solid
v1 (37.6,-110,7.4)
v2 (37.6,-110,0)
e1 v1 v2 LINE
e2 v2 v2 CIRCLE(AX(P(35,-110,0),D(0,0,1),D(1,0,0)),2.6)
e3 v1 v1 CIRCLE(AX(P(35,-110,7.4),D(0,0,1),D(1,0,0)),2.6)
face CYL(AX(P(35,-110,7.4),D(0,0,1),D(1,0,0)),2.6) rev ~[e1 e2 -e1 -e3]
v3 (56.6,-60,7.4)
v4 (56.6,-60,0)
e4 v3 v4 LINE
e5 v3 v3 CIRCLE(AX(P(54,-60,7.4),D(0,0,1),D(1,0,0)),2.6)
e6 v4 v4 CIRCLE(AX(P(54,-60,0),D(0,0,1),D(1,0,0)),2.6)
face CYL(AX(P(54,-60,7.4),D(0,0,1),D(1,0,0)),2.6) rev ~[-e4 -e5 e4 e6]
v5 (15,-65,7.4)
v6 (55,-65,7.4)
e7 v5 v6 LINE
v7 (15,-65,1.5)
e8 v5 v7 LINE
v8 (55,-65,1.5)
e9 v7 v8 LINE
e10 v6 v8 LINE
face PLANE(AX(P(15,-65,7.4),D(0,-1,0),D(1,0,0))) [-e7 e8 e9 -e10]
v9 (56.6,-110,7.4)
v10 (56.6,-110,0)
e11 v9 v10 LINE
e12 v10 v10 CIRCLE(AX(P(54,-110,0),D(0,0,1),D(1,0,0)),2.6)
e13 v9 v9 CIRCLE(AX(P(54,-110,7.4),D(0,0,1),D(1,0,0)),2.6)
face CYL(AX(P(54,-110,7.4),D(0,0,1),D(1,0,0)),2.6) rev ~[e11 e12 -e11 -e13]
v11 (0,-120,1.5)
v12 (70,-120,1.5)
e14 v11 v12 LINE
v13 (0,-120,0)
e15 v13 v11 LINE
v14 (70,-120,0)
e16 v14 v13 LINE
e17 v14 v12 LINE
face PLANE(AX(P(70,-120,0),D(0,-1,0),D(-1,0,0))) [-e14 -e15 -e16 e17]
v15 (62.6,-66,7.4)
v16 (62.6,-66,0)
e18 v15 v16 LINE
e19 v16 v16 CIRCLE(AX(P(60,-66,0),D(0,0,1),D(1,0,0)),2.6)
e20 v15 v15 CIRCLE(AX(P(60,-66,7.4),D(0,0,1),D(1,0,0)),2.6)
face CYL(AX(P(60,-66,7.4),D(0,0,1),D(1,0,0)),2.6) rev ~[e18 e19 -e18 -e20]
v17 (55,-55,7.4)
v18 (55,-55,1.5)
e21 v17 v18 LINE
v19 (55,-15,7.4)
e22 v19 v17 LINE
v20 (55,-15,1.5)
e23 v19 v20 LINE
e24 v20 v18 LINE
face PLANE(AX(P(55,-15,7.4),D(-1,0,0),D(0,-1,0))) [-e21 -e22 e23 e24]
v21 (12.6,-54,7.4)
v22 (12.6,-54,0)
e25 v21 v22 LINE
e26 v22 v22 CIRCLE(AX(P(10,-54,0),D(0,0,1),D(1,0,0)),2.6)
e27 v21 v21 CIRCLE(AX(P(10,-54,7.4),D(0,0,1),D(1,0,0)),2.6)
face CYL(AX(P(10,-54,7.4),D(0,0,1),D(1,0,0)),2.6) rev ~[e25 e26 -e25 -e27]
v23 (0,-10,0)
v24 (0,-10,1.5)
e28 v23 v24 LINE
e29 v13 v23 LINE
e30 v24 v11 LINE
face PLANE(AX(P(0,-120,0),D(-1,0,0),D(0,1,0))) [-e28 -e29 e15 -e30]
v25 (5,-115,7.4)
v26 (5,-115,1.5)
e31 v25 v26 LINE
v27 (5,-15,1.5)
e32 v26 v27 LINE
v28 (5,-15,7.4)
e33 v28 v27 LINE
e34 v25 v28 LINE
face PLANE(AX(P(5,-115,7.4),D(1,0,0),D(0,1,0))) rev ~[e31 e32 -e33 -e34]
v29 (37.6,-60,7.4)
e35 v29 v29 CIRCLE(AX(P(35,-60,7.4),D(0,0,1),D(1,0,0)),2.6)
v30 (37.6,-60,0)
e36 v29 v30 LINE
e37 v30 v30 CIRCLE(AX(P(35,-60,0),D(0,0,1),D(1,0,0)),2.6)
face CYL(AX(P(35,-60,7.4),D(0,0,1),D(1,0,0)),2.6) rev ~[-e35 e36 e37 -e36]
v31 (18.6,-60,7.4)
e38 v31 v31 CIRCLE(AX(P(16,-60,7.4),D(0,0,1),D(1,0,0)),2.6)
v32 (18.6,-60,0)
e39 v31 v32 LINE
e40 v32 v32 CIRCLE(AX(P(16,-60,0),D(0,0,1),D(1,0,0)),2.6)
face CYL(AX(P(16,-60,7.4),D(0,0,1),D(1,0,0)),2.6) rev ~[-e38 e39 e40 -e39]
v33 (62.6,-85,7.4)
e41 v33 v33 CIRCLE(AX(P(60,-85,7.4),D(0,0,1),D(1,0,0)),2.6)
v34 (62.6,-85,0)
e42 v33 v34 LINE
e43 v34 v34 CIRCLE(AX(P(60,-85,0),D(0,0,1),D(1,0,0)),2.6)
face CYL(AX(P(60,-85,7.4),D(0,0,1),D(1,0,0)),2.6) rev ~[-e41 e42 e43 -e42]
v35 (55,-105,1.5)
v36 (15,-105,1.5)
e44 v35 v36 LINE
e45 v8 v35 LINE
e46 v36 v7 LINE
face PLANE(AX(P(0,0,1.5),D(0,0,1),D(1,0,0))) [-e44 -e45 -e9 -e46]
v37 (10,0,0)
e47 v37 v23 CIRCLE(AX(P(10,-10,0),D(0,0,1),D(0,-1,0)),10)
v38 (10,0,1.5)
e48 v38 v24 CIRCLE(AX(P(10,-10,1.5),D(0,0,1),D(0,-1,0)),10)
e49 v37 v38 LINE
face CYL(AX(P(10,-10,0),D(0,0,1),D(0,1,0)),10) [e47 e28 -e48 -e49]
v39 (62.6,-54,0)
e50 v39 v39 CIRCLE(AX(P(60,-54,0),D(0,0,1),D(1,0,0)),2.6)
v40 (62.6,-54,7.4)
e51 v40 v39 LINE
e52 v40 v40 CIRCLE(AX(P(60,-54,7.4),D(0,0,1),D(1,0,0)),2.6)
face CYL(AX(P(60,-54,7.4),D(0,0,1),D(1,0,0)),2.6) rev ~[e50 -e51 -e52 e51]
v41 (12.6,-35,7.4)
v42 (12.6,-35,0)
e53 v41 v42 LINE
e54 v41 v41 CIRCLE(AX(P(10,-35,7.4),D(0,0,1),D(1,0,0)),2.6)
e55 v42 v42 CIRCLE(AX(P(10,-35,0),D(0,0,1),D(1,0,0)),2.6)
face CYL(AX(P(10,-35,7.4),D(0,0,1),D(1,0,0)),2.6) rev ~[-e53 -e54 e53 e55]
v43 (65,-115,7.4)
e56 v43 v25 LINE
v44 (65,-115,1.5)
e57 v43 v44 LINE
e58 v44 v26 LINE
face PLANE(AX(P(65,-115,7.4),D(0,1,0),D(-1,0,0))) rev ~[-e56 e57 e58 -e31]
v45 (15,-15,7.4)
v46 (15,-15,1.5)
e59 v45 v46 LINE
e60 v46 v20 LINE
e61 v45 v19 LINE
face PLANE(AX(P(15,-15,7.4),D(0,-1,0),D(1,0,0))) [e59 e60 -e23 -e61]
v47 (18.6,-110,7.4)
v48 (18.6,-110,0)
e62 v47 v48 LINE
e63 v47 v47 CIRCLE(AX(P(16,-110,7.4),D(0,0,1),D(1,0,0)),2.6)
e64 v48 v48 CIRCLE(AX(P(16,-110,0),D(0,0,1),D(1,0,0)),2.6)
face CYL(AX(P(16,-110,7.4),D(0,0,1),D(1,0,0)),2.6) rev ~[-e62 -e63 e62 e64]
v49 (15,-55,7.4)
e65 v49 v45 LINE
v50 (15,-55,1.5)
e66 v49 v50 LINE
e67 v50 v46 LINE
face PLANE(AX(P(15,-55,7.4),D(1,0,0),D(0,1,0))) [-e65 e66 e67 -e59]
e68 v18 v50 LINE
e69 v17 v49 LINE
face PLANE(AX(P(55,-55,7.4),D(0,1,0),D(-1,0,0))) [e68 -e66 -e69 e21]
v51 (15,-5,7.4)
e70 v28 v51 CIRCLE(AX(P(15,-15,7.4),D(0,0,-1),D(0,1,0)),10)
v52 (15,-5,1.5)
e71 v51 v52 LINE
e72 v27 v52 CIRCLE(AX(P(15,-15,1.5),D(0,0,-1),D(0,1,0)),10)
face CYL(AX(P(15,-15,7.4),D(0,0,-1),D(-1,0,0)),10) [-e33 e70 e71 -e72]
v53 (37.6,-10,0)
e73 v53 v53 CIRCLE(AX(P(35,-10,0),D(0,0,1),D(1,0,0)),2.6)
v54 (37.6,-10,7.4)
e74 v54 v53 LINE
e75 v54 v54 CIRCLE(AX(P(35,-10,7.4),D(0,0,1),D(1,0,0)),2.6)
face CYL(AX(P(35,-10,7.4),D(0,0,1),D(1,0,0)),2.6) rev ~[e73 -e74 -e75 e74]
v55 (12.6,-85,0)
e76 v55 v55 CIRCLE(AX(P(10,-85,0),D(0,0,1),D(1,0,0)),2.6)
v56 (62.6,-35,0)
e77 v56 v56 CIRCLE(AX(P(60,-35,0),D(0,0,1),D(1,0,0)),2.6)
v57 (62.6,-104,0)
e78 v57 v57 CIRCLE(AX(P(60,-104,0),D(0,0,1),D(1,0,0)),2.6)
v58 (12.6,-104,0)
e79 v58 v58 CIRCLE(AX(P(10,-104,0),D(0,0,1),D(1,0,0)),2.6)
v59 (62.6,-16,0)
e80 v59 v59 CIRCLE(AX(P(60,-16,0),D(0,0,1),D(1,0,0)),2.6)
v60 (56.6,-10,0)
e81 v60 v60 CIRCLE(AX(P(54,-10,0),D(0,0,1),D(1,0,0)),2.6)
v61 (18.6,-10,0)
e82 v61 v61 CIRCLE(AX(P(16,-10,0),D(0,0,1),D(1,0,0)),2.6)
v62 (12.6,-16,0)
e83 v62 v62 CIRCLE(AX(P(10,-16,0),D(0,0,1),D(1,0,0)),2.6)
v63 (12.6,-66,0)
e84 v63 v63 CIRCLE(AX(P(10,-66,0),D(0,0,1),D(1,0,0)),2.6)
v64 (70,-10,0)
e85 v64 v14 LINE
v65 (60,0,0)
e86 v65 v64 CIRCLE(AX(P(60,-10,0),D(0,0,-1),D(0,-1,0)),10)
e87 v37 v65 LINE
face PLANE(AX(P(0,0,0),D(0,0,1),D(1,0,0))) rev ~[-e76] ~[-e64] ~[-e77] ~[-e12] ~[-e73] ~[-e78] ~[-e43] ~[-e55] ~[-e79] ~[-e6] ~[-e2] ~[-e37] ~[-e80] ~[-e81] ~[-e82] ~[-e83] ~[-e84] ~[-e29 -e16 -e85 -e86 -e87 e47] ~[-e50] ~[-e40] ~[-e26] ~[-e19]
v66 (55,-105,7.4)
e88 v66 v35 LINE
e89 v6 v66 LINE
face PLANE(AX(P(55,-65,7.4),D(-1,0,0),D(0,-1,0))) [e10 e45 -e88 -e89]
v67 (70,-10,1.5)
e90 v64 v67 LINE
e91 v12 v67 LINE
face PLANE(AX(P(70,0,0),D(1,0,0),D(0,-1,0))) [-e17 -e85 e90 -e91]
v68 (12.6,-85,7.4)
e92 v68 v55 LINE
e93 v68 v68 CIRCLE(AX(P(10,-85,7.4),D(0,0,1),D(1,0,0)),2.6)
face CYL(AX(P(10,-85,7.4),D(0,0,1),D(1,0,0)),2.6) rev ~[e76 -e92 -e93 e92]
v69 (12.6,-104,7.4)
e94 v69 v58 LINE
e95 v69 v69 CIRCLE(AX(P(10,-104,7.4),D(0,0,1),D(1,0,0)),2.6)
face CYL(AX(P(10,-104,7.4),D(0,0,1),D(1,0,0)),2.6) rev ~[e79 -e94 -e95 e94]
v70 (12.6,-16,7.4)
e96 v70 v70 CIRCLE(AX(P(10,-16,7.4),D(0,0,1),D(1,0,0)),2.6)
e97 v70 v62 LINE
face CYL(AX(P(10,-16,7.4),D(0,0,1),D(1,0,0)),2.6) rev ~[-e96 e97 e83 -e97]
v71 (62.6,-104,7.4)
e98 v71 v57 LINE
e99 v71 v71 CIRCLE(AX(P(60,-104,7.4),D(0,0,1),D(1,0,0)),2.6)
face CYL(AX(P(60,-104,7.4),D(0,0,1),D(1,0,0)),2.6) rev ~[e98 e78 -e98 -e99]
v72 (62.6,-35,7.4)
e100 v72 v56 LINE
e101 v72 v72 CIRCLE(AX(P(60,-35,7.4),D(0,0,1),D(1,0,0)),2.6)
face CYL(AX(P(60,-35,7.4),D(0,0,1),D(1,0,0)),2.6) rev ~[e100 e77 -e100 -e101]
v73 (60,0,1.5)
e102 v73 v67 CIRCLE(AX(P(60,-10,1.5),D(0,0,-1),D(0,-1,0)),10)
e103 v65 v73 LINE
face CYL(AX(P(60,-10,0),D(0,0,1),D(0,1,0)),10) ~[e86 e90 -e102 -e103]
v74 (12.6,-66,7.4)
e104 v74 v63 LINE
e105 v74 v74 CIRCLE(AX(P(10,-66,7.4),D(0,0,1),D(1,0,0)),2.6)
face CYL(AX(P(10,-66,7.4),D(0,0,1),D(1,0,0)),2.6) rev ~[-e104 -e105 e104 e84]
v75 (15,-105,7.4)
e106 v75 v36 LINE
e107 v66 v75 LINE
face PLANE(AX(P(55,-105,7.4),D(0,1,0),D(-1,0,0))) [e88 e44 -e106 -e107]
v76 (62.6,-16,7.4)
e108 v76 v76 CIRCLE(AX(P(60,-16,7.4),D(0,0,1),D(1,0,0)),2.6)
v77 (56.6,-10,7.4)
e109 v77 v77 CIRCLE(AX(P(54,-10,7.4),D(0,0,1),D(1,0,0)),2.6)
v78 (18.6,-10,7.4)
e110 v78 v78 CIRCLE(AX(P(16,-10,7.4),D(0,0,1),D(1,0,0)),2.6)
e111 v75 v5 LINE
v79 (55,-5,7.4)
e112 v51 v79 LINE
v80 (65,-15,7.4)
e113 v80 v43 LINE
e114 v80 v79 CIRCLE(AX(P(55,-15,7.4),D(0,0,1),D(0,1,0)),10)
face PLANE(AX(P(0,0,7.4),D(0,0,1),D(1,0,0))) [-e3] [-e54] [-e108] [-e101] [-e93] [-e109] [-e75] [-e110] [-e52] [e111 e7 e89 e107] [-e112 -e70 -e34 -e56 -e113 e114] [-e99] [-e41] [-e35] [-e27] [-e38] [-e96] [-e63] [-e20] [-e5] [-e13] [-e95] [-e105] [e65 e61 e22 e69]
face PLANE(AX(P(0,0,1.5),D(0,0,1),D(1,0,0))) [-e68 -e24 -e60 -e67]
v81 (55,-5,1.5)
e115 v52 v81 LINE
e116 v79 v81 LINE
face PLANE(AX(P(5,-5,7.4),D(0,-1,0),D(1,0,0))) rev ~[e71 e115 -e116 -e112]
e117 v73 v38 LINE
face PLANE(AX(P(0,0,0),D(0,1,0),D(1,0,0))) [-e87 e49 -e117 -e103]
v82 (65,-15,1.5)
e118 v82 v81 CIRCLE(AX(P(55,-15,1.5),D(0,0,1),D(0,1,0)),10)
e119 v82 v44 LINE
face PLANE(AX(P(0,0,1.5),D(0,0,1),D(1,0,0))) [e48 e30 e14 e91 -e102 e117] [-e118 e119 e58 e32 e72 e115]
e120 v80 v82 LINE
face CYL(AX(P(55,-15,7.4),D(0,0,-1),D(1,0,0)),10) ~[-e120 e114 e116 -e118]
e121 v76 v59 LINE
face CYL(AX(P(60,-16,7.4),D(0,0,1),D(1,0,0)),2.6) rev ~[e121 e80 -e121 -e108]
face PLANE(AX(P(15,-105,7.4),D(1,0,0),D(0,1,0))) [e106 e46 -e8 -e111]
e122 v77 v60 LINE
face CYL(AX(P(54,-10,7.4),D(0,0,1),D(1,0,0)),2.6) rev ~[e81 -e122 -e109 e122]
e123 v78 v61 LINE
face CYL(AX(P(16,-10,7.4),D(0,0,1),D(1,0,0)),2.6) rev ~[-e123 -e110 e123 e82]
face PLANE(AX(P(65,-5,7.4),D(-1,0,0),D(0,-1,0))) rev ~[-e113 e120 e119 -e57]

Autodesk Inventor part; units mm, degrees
ref_plane "YZ Plane" through (0, 0, 0) normal (1, 0, 0) x (0, 1, 0)
ref_plane "XZ Plane" through (0, 0, 0) normal (0, 1, 0) x (-1, 0, 0)
ref_plane "XY Plane" through (0, 0, 0) normal (0, 0, 1) x (1, 0, 0)
sketch "Sketch1" plane through (0, 0, 0) normal (0, 0, 1) x (1, 0, 0)
  line L0 (0, 0) -> (70, 0)
  line L1 (70, 0) -> (70, -120)
  line L2 (70, -120) -> (0, -120)
  line L3 (0, -120) -> (0, 0)
  dimension "d0" = 70
  dimension "d1" = 120
extrude "Extrusion1" add sketch "Sketch1" along normal blind 7.4
sketch "Sketch2" plane through (0, 0, 7.4) normal (0, 0, 1) x (1, 0, 0)
  circle A0 centre (10, -104) radius 2.6
  circle A1 centre (16, -110) radius 2.6
  circle A2 centre (35, -110) radius 2.6
  circle A3 centre (10, -66) radius 2.6
  circle A4 centre (16, -60) radius 2.6
  circle A5 centre (10, -35) radius 2.6
  circle A6 centre (10, -16) radius 2.6
  circle A7 centre (16, -10) radius 2.6
  circle A8 centre (35, -60) radius 2.6
  circle A9 centre (60, -104) radius 2.6
  circle A10 centre (60, -66) radius 2.6
  circle A11 centre (10, -85) radius 2.6
  circle A12 centre (60, -85) radius 2.6
  circle A13 centre (54, -110) radius 2.6
  circle A14 centre (54, -60) radius 2.6
  circle A15 centre (60, -54) radius 2.6
  circle A16 centre (60, -16) radius 2.6
  circle A17 centre (10, -54) radius 2.6
  circle A18 centre (35, -10) radius 2.6
  circle A19 centre (54, -10) radius 2.6
  line L0 (0, 0) -> (0, -120) projected
  line L1 (70, -120) -> (70, 0) projected
  line L2 (70, 0) -> (0, 0) projected
  line L3 (0, -120) -> (70, -120) projected
  circle A20 centre (60, -35) radius 2.6
  dimension "d5" = 5.2
  dimension "d6" = 5.2
  dimension "d7" = 5.2
  dimension "d10" = 5.2
  dimension "d11" = 5.2
  dimension "d12" = 5.2
  dimension "d15" = 5.2
  dimension "d16" = 5.2
  dimension "d17" = 5.2
  dimension "d19" = 5.2
  dimension "d20" = 5.2
  dimension "d21" = 5.2
  dimension "d22" = 5.2
  dimension "d23" = 5.2
  dimension "d24" = 5.2
  dimension "d25" = 5.2
  dimension "d26" = 5.2
  dimension "d27" = 5.2
  dimension "d54" = 10
  dimension "d55" = 10
  dimension "d56" = 16
  dimension "d57" = 16
  dimension "d58" = 16
  dimension "d59" = 35
  dimension "d60" = 10
  dimension "d61" = 19
  dimension "d62" = 19
  dimension "d63" = 19
  dimension "d64" = 5.2
  dimension "d67" = 6
  dimension "d68" = 6
  dimension "d69" = 6
  dimension "d70" = 6
  dimension "d71" = 19
  dimension "d72" = 19
  dimension "d74" = 6
  dimension "d75" = 10
extrude "Extrusion2" cut sketch "Sketch2" against normal through all contours A0 | A1 | A2 | A3 | A4 | A5 | A6 | A7 | A8 | A9 | A10 | A11 | A12 | A13 | A14 | A15 | A16 | A17 | A18 | A19 | A20
sketch "Sketch3" plane through (0, 0, 7.4) normal (0, 0, 1) x (1, 0, 0)
  line L0 (15, -15) -> (55, -15)
  line L1 (55, -15) -> (55, -55)
  line L2 (55, -55) -> (15, -55)
  line L3 (15, -55) -> (15, -15)
  line L4 (15, -65) -> (55, -65)
  line L5 (55, -65) -> (55, -105)
  line L6 (55, -105) -> (15, -105)
  line L7 (15, -105) -> (15, -65)
  line L8 (0, 0) -> (0, -120) projected
  line L9 (70, 0) -> (0, 0) projected
  line L10 (0, -120) -> (70, -120) projected
  line L11 (70, -120) -> (70, 0) projected
  circle A0 centre (35, -10) radius 2.6 projected
  circle A1 centre (35, -60) radius 2.6 projected
  line L12 (5, -5) -> (65, -5)
  line L13 (65, -5) -> (65, -115)
  line L14 (65, -115) -> (5, -115)
  line L15 (5, -115) -> (5, -5)
  circle A2 centre (16, -10) radius 2.6 projected
  circle A3 centre (60, -16) radius 2.6 projected
  circle A4 centre (10, -35) radius 2.6 projected
  circle A5 centre (35, -110) radius 2.6 projected
  dimension "d47" = 15
  dimension "d48" = 15
  dimension "d76" = 15
  dimension "d77" = 15
  dimension "d78" = 15
  dimension "d80" = 5
  dimension "d81" = 5
  dimension "d82" = 5
  dimension "d83" = 5
  dimension "d84" = 5
  dimension "d85" = 5
extrude "Extrusion3" cut sketch "Sketch3" against normal blind 5.9 contours L0 L1 L2 L3 | L4 L5 L6 L7 | L9 L11 L10 L8
fillet "Fillet1" radius 10 2 edges at (70, 0, 0.75) (0, 0, 0.75)
fillet "Fillet2" radius 10 2 edges at (65, -5, 4.45) (5, -5, 4.45)
properties part number "edition 2"
